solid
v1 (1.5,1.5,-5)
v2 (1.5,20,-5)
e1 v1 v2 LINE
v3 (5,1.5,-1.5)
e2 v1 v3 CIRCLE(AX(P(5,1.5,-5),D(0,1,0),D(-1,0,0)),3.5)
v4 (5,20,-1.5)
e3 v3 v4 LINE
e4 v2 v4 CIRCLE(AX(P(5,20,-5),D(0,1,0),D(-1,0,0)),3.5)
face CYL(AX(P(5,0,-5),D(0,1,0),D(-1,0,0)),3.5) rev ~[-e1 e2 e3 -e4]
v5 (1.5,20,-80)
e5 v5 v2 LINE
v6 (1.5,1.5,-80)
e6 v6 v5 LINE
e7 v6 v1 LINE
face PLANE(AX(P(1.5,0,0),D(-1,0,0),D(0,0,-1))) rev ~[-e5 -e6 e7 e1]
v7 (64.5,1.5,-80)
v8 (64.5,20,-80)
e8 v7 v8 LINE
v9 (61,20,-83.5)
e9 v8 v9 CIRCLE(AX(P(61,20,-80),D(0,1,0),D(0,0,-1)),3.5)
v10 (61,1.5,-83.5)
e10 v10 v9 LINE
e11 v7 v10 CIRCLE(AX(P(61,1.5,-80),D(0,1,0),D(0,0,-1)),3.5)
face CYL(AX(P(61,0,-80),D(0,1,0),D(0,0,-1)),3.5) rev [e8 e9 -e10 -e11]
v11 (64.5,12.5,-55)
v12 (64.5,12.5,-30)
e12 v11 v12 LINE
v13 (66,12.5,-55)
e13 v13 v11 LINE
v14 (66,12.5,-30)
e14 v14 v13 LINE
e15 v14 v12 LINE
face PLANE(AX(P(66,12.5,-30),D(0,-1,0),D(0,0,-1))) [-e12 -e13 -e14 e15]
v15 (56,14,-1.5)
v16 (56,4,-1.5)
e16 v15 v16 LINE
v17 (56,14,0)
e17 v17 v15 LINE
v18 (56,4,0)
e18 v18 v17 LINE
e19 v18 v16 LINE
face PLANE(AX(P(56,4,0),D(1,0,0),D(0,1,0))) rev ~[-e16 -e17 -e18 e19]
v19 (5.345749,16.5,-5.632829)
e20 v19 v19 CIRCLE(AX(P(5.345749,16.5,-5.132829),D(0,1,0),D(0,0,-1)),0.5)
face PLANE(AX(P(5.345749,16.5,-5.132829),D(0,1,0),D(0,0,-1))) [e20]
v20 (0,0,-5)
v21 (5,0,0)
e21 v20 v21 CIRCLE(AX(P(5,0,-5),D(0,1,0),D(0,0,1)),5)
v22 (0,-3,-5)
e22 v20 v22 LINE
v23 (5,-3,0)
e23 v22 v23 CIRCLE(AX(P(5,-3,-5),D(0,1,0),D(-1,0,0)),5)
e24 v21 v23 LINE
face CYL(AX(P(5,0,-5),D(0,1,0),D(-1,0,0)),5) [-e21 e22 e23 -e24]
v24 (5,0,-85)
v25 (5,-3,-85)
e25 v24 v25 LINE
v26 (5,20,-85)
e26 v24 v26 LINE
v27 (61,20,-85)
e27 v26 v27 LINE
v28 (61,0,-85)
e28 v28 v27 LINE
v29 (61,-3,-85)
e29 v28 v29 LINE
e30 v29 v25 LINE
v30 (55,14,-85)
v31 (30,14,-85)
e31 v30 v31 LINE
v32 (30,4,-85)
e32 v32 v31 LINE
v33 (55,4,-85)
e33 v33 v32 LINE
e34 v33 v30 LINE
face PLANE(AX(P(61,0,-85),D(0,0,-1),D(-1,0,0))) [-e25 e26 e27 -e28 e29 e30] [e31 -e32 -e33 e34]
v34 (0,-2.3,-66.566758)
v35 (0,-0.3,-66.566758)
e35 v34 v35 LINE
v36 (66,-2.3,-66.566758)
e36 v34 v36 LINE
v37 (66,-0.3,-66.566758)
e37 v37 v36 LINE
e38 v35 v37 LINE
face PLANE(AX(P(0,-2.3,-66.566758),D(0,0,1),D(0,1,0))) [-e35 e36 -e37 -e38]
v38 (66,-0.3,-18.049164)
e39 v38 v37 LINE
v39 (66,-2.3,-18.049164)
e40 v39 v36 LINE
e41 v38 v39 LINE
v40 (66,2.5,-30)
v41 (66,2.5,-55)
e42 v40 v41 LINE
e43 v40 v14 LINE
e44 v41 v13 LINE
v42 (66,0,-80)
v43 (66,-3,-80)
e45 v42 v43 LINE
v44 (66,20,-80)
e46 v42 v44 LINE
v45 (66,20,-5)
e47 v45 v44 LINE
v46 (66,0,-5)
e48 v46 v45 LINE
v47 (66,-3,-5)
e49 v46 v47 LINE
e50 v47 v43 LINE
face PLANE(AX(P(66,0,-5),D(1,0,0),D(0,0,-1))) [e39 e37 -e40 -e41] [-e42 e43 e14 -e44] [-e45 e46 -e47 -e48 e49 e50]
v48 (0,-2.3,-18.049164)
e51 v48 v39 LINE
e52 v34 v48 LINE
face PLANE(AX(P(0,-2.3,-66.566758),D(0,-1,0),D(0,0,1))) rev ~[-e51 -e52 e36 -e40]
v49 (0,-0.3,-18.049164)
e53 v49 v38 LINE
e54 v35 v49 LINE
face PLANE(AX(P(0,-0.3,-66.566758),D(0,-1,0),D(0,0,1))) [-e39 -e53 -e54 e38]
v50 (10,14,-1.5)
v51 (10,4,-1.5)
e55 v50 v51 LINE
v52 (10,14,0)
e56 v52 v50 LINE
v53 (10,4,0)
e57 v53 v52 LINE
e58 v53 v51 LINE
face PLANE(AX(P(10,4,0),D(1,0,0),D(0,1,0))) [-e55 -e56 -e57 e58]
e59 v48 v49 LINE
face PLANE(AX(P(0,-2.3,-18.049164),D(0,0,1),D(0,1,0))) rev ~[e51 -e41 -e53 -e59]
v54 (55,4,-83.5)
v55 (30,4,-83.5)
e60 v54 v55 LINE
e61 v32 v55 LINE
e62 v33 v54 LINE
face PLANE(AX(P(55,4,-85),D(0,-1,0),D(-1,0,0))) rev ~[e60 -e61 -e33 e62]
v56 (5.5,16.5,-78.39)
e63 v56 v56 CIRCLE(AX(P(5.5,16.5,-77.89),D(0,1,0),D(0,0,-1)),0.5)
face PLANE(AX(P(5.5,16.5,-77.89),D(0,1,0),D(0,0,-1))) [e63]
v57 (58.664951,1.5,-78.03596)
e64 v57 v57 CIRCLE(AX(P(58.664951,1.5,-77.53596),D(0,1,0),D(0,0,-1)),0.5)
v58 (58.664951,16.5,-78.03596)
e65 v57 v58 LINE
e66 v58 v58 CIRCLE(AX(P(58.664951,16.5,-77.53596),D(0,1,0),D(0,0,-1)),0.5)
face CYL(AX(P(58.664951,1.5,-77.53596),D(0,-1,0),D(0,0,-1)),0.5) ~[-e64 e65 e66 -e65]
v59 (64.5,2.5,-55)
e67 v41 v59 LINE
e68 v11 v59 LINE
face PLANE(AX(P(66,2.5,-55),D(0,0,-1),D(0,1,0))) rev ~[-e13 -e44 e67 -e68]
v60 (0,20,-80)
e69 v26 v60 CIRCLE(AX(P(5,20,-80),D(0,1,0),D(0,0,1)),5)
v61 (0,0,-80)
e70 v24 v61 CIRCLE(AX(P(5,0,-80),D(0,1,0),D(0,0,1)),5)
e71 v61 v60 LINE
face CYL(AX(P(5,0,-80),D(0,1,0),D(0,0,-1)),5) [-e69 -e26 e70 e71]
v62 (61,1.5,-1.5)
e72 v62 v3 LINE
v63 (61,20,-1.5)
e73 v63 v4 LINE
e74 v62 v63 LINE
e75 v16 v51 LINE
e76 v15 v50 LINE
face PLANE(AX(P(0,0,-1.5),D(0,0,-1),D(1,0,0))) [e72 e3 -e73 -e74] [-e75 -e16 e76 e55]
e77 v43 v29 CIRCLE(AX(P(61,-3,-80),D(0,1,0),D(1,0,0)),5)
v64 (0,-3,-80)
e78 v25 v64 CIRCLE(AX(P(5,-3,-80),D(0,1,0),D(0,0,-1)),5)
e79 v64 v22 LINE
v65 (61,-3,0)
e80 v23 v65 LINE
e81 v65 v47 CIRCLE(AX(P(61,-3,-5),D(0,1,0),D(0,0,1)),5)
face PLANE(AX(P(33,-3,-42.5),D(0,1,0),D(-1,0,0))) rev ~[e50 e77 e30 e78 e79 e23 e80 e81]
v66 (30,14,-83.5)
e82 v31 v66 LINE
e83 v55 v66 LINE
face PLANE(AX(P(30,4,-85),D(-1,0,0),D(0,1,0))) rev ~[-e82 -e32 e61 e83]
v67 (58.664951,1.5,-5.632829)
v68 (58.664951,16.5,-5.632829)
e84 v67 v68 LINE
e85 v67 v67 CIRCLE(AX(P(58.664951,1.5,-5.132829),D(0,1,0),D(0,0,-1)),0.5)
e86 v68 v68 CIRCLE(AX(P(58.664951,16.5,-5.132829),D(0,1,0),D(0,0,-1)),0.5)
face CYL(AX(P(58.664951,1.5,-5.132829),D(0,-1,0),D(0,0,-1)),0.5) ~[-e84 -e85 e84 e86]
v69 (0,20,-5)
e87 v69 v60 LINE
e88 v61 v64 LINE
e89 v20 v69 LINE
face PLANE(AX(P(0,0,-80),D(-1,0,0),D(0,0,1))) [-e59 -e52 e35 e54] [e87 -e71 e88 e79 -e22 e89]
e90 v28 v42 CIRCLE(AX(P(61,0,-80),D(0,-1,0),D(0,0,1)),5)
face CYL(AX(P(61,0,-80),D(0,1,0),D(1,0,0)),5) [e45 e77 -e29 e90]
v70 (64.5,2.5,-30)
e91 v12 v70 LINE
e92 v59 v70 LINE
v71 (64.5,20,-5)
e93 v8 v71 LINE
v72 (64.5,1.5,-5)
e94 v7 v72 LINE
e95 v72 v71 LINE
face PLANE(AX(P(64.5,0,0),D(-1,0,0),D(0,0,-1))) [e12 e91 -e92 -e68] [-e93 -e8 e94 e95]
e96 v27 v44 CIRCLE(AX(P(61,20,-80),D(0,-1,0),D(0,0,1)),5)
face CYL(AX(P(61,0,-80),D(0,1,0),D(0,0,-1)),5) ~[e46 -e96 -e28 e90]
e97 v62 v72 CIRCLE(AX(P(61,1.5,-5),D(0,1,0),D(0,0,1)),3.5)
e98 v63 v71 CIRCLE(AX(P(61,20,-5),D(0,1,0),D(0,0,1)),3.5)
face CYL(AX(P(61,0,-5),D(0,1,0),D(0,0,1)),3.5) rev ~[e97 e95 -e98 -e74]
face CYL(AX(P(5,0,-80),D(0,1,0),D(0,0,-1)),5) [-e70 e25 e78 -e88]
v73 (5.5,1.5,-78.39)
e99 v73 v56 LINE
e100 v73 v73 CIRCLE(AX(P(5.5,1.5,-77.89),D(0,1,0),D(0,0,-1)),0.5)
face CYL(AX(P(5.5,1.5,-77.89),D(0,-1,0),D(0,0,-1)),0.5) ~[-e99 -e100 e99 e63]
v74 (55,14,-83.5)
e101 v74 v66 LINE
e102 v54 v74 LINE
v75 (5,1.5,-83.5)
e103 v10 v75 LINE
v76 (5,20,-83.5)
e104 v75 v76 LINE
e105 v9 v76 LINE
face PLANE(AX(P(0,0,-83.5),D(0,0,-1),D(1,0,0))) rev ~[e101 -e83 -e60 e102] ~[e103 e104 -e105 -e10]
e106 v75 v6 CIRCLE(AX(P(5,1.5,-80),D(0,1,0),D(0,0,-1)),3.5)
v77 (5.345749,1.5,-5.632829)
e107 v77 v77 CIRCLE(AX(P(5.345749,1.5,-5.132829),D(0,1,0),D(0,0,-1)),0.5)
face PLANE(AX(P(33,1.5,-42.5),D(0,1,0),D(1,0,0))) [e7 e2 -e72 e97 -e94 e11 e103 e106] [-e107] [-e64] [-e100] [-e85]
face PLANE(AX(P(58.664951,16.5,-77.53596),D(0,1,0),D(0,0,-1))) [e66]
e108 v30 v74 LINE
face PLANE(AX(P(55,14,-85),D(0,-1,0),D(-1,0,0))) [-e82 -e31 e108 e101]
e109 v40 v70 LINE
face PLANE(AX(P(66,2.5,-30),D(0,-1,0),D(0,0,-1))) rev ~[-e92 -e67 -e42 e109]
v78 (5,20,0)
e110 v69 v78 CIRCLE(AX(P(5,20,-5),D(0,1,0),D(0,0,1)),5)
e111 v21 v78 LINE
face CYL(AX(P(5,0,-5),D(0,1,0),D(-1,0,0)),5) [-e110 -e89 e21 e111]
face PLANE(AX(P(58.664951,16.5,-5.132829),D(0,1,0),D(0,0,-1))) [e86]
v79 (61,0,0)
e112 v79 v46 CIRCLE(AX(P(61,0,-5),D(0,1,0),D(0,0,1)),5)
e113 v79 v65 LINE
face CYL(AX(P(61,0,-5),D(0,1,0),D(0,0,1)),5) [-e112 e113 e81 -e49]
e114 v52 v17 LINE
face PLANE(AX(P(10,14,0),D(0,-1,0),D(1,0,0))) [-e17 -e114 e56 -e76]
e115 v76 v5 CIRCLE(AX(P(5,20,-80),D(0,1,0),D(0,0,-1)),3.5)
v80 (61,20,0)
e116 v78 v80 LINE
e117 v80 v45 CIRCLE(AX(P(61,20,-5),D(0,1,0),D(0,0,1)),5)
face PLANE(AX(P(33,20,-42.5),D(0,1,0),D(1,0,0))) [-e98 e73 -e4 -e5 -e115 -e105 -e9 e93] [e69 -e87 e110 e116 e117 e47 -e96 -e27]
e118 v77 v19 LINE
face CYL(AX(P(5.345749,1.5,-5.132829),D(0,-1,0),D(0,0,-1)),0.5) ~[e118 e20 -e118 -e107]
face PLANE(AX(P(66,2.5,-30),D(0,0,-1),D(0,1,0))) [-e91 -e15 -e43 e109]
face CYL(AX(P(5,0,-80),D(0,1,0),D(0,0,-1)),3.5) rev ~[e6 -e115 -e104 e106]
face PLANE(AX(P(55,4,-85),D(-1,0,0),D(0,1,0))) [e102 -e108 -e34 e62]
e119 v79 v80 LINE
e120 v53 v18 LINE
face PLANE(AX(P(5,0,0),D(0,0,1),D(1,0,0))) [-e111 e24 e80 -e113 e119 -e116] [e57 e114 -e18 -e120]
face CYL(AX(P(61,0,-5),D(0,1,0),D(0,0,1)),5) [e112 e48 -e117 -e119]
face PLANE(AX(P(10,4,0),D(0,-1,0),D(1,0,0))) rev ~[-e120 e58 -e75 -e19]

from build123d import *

# Parameters (mm, degrees)
SCHIZZO1_W                   = 66
SCHIZZO1_H                   = 85
ESTRUSIONE_ESTRUSIONE1_DEPTH = 20
RACCORDO1_R                  = 5
RACCORDO2_R                  = 5
RACCORDO3_R                  = 5
SVUOTA2_T                    = -1.5
SCHIZZO3_R                   = 0.5
ESTRUSIONE_ESTRUSIONE2_DEPTH = 15
SCHIZZO6_R                   = 0.5
ESTRUSIONE_ESTRUSIONE3_DEPTH = 15
SCHIZZO13_W                  = 25
SCHIZZO13_H                  = 10
TAGLIO_ESTRUSIONE2_DEPTH     = 2
SCHIZZO19_W                  = 46
SCHIZZO19_H                  = 10
TAGLIO_ESTRUSIONE5_DEPTH     = 2
ESTRUSIONE_ESTRUSIONE4_DEPTH = 3
SCHIZZO18_W                  = 48.51759383
SCHIZZO18_H                  = 2
TAGLIO_ESTRUSIONE6_DEPTH     = 80
SCHIZZO22_W                  = 25
SCHIZZO22_H                  = 10
TAGLIO_ESTRUSIONE7_DEPTH     = 2


with BuildPart() as part:
    # Schizzo1 → Estrusione-Estrusione1 (new body)
    with BuildSketch(Plane(origin=(0, 0, 0), x_dir=(1, 0, 0), z_dir=(0, 1, 0))):
        with Locations((33, 42.5)):
            Rectangle(SCHIZZO1_W, SCHIZZO1_H)
    extrude(amount=ESTRUSIONE_ESTRUSIONE1_DEPTH)

    # Raccordo1
    raccordo1_edges = [part.edges().sort_by_distance(p)[0] for p in [
        (66, 10, 0),
        (0, 10, 0),
    ]]
    fillet(raccordo1_edges, radius=RACCORDO1_R)

    # Raccordo2
    raccordo2_edges = [part.edges().sort_by_distance(p)[0] for p in [
        (66, 10, -85),
    ]]
    fillet(raccordo2_edges, radius=RACCORDO2_R)

    # Raccordo3
    raccordo3_edges = [part.edges().sort_by_distance(p)[0] for p in [
        (0, 10, -85),
    ]]
    fillet(raccordo3_edges, radius=RACCORDO3_R)

    # Svuota2
    svuota2_openings = [part.faces().sort_by_distance(p)[0] for p in [
        (33, 20, -42.5),
    ]]
    offset(amount=SVUOTA2_T, openings=svuota2_openings, kind=Kind.INTERSECTION)

    # Schizzo3 → Estrusione-Estrusione2 (add)
    with BuildSketch(Plane(origin=(0, 1.5, 0), x_dir=(1, 0, 0), z_dir=(0, 1, 0))):
        with Locations(Location((5.5, 77.89, 0), (0, 0, 90))):
            Circle(SCHIZZO3_R)
    extrude(amount=ESTRUSIONE_ESTRUSIONE2_DEPTH)

    # Schizzo6 → Estrusione-Estrusione3 (add)
    with BuildSketch(Plane(origin=(0, 1.5, 0), x_dir=(1, 0, 0), z_dir=(0, 1, 0))):
        with Locations(Location((58.664950896, 77.535960271, 0), (0, 0, 90))):
            Circle(SCHIZZO6_R)
        with Locations(Location((58.664950896, 5.132828607, 0), (0, 0, 90))):
            Circle(SCHIZZO6_R)
        with Locations(Location((5.345748971, 5.132828607, 0), (0, 0, 90))):
            Circle(SCHIZZO6_R)
    extrude(amount=ESTRUSIONE_ESTRUSIONE3_DEPTH)

    # Schizzo13 → Taglio-Estrusione2 (cut)
    with BuildSketch(Plane(origin=(0, 0, -85), x_dir=(-1, 0, 0), z_dir=(0, 0, -1))):
        with Locations((-42.5, 9)):
            Rectangle(SCHIZZO13_W, SCHIZZO13_H)
    extrude(amount=-TAGLIO_ESTRUSIONE2_DEPTH, mode=Mode.SUBTRACT)

    # Schizzo19 → Taglio-Estrusione5 (cut)
    with BuildSketch(Plane.XY):
        with Locations((33, 9)):
            Rectangle(SCHIZZO19_W, SCHIZZO19_H)
    extrude(amount=-TAGLIO_ESTRUSIONE5_DEPTH, mode=Mode.SUBTRACT)

    # Schizzo21 → Estrusione-Estrusione4 (add)
    with BuildSketch(Plane.XZ):
        with BuildLine():
            Line((5, 0), (61, 0))
            ThreePointArc((61, 0), (64.535533906, -1.464466094), (66, -5))
            Line((66, -5), (66, -80))
            ThreePointArc((66, -80), (64.535533906, -83.535533906), (61, -85))
            Line((61, -85), (5, -85))
            ThreePointArc((5, -85), (1.464466094, -83.535533906), (0, -80))
            Line((0, -80), (0, -5))
            ThreePointArc((0, -5), (1.464466094, -1.464466094), (5, 0))
        make_face()
    extrude(amount=ESTRUSIONE_ESTRUSIONE4_DEPTH)

    # Schizzo18 → Taglio-Estrusione6 (cut)
    with BuildSketch(Plane.ZY):
        with Locations((-42.307961204, -1.3)):
            Rectangle(SCHIZZO18_W, SCHIZZO18_H)
    extrude(amount=-TAGLIO_ESTRUSIONE6_DEPTH, mode=Mode.SUBTRACT)

    # Schizzo22 → Taglio-Estrusione7 (cut)
    with BuildSketch(Plane(origin=(66, 0, 0), x_dir=(0, 0, -1), z_dir=(1, 0, 0))):
        with Locations((42.5, 7.5)):
            Rectangle(SCHIZZO22_W, SCHIZZO22_H)
    extrude(amount=-TAGLIO_ESTRUSIONE7_DEPTH, mode=Mode.SUBTRACT)


solid = part.part
